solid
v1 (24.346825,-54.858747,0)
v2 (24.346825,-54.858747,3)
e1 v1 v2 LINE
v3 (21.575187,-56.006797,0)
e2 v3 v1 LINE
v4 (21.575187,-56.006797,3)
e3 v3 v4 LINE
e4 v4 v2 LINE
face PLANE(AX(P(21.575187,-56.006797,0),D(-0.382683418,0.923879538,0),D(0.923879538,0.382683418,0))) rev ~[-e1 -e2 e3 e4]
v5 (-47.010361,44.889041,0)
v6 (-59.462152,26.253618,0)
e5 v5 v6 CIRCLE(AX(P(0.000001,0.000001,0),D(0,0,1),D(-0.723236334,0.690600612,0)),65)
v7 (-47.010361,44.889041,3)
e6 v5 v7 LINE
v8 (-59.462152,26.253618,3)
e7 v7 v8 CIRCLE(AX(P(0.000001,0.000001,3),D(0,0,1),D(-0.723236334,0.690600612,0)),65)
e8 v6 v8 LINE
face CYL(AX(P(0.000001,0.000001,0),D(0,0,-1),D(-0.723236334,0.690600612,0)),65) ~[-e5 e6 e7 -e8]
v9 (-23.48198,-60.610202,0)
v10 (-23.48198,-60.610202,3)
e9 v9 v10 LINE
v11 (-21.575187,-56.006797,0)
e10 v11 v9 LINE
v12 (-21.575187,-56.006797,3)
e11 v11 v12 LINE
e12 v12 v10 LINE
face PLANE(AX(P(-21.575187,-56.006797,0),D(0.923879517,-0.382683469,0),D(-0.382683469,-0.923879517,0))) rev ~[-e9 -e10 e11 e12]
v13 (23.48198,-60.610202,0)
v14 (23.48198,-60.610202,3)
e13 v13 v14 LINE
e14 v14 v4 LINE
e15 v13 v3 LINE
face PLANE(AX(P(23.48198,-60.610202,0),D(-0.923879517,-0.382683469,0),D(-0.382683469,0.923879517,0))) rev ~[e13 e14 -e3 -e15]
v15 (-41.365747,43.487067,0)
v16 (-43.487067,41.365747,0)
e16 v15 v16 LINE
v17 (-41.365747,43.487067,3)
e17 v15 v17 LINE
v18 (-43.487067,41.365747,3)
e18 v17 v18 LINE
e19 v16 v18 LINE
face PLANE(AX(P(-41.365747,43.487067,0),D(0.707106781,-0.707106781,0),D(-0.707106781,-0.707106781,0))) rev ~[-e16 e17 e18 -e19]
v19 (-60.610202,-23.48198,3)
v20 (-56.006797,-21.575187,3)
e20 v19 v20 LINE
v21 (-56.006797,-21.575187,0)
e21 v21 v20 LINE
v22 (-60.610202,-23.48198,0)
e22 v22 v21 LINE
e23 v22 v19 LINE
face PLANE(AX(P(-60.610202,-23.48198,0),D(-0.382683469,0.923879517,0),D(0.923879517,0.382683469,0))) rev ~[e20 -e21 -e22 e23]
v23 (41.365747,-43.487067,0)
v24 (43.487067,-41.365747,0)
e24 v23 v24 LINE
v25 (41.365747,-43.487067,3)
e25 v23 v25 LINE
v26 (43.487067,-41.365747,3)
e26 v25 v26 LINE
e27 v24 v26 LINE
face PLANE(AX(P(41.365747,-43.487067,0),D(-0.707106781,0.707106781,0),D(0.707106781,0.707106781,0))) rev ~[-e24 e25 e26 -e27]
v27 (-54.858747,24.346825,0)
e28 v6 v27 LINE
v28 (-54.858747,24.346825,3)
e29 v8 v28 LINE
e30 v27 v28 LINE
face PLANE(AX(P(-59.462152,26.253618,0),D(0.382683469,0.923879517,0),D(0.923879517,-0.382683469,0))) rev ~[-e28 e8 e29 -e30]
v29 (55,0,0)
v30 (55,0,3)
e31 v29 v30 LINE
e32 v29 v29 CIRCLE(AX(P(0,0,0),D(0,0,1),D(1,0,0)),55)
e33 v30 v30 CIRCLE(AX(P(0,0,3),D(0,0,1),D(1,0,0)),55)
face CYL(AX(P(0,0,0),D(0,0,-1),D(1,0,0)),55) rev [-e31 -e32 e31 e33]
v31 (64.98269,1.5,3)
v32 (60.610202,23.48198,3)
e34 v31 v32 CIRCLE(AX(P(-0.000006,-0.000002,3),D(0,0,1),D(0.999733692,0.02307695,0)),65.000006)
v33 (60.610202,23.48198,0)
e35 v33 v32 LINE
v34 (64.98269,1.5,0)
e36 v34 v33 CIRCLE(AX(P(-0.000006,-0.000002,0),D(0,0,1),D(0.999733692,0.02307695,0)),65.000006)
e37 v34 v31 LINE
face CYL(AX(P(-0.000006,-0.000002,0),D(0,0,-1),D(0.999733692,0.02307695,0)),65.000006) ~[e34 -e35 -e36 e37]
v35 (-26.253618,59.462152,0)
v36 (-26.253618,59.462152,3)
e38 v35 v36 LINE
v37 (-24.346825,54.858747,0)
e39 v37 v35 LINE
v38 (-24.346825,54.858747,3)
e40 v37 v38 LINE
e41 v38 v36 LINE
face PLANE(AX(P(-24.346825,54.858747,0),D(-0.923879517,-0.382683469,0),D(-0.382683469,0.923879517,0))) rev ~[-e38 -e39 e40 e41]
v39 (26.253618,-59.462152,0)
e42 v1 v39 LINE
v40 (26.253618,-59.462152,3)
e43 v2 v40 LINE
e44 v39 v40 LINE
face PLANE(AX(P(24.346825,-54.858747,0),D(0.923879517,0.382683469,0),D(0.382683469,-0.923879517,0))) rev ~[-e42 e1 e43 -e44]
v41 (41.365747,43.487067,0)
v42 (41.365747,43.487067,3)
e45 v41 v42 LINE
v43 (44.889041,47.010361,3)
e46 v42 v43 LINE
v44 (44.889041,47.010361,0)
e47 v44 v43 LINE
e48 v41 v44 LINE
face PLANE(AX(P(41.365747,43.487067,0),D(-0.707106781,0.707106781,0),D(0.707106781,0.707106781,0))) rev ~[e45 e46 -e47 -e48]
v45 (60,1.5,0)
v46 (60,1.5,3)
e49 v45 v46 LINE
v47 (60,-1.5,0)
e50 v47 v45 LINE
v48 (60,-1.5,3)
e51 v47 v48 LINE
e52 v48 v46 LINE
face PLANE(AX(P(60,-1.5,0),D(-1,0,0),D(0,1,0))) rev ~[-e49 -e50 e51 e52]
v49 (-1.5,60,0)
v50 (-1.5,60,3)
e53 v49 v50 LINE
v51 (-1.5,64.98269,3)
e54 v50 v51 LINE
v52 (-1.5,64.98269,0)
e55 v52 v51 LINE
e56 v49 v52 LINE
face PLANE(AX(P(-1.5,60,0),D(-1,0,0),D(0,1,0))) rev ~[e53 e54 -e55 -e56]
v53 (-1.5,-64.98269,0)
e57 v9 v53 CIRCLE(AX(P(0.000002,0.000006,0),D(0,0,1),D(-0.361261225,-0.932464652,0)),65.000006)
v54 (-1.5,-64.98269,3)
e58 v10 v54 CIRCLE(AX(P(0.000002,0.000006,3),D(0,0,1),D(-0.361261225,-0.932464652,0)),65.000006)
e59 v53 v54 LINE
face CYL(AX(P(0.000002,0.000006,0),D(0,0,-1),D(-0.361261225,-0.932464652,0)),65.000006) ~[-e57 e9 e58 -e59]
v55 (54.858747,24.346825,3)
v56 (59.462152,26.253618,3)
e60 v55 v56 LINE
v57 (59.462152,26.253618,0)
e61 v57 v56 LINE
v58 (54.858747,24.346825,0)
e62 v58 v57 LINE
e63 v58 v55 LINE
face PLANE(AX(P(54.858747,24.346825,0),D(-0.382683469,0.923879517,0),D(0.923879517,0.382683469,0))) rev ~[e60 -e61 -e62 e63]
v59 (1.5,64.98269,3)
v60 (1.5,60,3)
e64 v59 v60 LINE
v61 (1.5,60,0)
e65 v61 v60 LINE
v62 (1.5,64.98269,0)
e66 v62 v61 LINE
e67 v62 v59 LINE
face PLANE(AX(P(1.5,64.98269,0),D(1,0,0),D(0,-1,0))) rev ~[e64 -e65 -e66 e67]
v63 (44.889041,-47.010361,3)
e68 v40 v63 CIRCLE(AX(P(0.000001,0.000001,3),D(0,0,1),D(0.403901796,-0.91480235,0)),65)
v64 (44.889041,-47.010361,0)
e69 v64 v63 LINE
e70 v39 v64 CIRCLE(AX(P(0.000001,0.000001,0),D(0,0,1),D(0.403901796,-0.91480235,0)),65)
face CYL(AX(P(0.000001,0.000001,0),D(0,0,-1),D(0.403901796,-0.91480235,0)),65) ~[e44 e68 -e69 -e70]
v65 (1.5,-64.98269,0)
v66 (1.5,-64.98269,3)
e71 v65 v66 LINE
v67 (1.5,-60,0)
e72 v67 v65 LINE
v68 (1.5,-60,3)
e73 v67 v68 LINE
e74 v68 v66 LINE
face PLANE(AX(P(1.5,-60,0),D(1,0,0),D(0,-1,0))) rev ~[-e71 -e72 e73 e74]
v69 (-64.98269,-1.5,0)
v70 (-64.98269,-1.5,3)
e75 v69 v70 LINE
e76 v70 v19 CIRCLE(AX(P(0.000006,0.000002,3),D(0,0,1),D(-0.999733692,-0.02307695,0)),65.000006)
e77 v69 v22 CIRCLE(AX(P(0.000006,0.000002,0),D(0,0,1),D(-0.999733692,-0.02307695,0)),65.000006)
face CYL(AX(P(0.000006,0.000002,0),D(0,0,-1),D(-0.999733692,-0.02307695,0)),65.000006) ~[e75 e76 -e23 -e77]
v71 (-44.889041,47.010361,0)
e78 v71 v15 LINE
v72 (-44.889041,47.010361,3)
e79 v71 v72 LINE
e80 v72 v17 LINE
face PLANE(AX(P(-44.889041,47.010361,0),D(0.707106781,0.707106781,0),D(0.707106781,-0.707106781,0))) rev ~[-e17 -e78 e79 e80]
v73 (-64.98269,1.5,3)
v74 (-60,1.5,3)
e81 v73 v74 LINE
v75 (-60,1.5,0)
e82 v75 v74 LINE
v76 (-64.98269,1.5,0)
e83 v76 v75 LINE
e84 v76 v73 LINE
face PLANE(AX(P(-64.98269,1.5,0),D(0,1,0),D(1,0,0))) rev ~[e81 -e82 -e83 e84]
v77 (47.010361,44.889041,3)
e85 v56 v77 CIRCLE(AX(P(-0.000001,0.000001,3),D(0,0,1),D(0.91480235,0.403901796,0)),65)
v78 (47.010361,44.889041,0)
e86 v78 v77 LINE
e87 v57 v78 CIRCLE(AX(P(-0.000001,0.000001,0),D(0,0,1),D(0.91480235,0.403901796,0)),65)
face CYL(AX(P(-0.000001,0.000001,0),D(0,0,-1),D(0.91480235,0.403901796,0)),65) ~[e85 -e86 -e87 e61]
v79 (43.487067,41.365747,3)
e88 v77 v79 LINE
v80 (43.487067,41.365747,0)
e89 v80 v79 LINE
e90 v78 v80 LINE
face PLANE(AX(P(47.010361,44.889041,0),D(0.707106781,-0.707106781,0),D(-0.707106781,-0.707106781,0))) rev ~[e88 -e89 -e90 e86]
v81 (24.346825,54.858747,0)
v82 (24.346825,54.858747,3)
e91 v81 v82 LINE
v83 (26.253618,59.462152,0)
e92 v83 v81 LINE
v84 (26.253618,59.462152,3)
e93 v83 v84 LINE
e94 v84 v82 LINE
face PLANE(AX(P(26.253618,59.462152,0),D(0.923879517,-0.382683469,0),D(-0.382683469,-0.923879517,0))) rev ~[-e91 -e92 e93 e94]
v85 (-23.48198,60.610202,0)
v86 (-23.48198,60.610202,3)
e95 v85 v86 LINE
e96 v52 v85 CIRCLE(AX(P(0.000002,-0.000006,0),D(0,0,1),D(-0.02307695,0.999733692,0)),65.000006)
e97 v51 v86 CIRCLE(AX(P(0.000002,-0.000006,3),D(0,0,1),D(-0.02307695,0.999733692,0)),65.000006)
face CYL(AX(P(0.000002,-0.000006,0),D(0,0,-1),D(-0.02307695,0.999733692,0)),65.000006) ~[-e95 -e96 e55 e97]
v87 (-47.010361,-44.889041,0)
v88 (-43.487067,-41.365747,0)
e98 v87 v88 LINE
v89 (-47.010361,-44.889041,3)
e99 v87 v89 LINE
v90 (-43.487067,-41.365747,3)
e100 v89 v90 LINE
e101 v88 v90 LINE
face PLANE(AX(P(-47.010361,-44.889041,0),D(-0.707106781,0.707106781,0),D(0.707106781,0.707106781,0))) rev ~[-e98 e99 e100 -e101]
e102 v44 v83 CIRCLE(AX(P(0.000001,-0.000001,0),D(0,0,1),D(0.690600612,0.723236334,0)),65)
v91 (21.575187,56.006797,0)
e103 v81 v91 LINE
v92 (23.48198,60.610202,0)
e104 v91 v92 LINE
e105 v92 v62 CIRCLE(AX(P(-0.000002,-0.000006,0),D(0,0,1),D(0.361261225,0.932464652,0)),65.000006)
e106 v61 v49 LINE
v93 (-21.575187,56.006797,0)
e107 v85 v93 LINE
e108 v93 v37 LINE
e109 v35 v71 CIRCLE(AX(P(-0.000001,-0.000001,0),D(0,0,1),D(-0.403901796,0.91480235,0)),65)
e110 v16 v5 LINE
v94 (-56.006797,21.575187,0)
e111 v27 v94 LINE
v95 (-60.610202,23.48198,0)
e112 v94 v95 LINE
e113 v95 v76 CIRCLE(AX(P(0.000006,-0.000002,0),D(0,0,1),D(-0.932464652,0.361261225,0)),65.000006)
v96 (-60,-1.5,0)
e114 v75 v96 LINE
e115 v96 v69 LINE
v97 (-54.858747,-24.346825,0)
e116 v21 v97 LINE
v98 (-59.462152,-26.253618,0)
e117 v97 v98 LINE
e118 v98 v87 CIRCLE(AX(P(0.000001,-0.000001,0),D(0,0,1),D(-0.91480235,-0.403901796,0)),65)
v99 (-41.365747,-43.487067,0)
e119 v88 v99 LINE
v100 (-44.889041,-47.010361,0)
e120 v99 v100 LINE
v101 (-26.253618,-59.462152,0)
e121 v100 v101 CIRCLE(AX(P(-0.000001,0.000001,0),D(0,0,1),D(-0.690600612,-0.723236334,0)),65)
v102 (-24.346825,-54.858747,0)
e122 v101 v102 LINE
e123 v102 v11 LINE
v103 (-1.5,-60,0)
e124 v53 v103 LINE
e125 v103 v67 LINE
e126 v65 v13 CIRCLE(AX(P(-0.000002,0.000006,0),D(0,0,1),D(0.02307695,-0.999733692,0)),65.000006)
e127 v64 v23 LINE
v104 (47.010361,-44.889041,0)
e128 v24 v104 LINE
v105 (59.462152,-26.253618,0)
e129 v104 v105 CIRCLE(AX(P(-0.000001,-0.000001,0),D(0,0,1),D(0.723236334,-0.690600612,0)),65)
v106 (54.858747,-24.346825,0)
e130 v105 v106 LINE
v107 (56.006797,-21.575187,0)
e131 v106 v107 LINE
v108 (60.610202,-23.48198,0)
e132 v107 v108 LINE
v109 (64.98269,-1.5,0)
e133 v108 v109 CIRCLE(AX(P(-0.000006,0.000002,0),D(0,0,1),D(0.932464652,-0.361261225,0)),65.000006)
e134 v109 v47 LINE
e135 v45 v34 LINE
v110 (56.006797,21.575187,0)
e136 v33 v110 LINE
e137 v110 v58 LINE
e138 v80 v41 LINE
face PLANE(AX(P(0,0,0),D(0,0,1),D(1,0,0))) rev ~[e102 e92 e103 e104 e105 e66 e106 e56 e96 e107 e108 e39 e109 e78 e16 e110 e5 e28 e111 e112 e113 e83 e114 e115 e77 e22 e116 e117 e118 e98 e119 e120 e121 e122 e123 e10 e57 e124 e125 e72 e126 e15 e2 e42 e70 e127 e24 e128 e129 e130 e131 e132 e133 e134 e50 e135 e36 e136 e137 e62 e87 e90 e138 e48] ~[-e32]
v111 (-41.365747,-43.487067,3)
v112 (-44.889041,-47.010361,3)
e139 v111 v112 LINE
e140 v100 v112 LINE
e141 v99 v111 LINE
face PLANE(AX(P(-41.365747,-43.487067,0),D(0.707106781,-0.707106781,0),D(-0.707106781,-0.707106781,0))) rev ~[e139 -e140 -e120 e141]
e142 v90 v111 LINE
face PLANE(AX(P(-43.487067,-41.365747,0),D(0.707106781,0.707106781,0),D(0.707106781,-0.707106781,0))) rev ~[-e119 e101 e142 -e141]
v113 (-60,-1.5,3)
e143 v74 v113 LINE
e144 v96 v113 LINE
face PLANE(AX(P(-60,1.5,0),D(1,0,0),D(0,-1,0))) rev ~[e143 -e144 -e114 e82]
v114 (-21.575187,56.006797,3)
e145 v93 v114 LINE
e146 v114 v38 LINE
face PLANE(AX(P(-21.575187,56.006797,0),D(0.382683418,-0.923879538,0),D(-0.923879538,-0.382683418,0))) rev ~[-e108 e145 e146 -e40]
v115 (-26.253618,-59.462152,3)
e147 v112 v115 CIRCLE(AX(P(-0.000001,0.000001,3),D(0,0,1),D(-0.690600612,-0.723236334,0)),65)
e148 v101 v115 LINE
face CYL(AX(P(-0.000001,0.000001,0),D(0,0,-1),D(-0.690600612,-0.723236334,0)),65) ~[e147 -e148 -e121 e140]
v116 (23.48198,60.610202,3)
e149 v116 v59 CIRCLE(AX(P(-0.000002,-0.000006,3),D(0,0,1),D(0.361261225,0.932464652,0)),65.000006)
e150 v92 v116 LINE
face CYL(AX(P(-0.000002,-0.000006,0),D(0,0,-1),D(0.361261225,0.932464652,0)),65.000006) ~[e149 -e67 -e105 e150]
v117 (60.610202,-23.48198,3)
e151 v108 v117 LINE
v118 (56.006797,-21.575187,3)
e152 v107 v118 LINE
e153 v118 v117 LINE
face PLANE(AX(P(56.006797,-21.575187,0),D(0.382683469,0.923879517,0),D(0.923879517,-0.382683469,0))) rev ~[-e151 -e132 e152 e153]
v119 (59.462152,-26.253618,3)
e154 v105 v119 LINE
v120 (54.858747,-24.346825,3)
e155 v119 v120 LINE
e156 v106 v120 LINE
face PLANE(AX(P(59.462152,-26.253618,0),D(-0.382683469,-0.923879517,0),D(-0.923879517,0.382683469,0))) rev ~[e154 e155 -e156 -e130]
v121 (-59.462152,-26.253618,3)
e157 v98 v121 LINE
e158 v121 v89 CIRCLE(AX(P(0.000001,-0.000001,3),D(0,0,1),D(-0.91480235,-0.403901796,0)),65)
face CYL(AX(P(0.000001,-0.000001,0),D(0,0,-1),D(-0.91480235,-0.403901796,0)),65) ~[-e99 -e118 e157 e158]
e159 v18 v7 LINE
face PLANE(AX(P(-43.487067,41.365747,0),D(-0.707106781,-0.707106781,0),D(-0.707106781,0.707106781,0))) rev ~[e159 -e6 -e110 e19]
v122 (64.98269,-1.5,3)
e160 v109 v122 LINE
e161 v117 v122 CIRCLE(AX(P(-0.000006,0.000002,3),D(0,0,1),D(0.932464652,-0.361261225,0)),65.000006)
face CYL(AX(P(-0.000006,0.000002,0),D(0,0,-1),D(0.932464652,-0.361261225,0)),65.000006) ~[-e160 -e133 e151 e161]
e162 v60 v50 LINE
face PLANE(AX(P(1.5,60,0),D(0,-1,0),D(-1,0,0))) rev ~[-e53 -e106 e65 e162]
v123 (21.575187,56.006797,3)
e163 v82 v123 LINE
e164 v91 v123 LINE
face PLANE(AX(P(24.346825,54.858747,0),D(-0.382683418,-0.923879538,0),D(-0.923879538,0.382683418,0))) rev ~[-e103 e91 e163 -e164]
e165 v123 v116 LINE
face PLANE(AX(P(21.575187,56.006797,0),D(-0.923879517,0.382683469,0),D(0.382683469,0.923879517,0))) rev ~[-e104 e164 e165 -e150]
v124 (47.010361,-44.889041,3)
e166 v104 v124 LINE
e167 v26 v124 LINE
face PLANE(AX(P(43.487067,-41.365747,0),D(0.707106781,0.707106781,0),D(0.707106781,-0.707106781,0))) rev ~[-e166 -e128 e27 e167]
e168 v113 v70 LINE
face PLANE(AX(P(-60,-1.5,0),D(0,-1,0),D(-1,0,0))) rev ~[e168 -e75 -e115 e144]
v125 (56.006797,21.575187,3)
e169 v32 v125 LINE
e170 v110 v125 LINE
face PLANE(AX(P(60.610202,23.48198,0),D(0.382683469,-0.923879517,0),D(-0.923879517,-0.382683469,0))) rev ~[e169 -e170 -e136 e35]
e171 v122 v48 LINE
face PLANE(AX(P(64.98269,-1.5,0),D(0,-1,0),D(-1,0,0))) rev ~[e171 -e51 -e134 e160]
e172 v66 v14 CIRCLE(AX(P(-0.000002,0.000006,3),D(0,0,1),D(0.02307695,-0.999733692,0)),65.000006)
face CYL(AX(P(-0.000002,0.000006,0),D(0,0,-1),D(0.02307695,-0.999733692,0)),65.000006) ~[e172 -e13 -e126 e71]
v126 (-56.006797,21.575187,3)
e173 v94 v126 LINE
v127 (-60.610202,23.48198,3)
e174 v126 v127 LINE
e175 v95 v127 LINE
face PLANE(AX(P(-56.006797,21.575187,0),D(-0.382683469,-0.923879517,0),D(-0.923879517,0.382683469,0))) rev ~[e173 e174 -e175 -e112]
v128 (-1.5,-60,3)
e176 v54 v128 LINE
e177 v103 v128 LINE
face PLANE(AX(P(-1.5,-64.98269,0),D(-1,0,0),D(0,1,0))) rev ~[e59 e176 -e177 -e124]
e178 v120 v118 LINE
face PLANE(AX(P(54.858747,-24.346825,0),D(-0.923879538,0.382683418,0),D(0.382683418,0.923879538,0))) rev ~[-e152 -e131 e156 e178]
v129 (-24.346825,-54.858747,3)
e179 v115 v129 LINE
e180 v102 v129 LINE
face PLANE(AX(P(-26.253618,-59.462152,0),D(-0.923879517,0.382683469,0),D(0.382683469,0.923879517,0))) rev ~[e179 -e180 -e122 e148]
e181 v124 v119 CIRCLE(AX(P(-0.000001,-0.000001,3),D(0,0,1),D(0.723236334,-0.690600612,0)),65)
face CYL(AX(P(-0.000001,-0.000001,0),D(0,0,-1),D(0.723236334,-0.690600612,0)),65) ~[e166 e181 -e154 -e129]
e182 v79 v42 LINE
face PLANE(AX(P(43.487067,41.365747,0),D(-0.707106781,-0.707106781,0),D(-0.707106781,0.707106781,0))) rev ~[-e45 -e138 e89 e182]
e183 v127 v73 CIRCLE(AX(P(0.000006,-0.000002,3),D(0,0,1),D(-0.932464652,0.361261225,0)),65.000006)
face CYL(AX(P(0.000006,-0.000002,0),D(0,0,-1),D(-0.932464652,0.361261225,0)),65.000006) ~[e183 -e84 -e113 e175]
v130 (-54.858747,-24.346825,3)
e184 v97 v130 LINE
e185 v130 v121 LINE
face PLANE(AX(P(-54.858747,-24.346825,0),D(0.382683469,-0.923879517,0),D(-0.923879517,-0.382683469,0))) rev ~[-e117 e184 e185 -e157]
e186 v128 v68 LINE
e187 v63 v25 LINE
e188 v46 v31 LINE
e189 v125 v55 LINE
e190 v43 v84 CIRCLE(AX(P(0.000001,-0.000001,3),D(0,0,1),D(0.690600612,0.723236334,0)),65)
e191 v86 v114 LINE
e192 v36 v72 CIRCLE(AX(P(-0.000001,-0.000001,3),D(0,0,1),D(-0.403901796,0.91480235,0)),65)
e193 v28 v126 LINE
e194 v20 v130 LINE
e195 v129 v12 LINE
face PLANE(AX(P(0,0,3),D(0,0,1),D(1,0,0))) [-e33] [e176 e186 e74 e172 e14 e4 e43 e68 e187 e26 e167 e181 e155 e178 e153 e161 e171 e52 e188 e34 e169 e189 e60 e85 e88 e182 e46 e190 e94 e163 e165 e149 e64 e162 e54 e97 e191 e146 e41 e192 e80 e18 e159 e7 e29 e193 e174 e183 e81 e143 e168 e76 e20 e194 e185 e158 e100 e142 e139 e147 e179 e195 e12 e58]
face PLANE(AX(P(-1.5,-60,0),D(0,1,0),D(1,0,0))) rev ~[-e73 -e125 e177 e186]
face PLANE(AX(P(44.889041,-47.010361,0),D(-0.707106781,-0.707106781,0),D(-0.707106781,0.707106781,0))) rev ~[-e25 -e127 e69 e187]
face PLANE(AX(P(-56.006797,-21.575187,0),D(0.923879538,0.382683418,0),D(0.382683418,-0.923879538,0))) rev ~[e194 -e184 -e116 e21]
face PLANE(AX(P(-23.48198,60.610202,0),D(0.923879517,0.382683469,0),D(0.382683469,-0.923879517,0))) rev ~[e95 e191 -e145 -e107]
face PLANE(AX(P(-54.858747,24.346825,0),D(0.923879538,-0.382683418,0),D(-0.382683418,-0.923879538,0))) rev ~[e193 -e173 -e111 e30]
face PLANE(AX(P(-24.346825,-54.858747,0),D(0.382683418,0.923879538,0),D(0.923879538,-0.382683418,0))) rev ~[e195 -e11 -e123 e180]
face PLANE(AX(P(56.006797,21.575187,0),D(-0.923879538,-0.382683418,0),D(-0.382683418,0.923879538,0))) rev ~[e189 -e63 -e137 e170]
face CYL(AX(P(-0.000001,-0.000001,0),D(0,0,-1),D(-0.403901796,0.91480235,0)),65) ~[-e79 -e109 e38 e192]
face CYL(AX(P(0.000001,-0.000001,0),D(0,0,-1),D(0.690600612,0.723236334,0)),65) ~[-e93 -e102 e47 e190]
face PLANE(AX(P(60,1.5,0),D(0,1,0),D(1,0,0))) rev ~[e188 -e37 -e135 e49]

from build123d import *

# Parameters (mm, degrees)
F0_R     = 55
F1_DEPTH = 3


with BuildPart() as f1:
    # F0 (on Top) → F1 (new body)
    with BuildSketch(Plane.XY):
        with BuildLine():
            Line((60, 1.5), (64.98269, 1.5))
            ThreePointArc((64.98269, 1.5), (63.751043, 12.680871), (60.610202, 23.48198))
            Line((60.610202, 23.48198), (56.006797, 21.575187))
            Line((56.006797, 21.575187), (54.858747, 24.346825))
            Line((54.858747, 24.346825), (59.462152, 26.253618))
            ThreePointArc((59.462152, 26.253618), (54.045525, 36.112065), (47.010361, 44.889041))
            Line((47.010361, 44.889041), (43.487067, 41.365747))
            Line((43.487067, 41.365747), (41.365747, 43.487067))
            Line((41.365747, 43.487067), (44.889041, 47.010361))
            ThreePointArc((44.889041, 47.010361), (36.112065, 54.045525), (26.253618, 59.462152))
            Line((26.253618, 59.462152), (24.346825, 54.858747))
            Line((24.346825, 54.858747), (21.575187, 56.006797))
            Line((21.575187, 56.006797), (23.48198, 60.610202))
            ThreePointArc((23.48198, 60.610202), (12.680871, 63.751043), (1.5, 64.98269))
            Line((1.5, 64.98269), (1.5, 60))
            Line((1.5, 60), (-1.5, 60))
            Line((-1.5, 60), (-1.5, 64.98269))
            ThreePointArc((-1.5, 64.98269), (-12.680871, 63.751043), (-23.48198, 60.610202))
            Line((-23.48198, 60.610202), (-21.575187, 56.006797))
            Line((-21.575187, 56.006797), (-24.346825, 54.858747))
            Line((-24.346825, 54.858747), (-26.253618, 59.462152))
            ThreePointArc((-26.253618, 59.462152), (-36.112065, 54.045525), (-44.889041, 47.010361))
            Line((-44.889041, 47.010361), (-41.365747, 43.487067))
            Line((-41.365747, 43.487067), (-43.487067, 41.365747))
            Line((-43.487067, 41.365747), (-47.010361, 44.889041))
            ThreePointArc((-47.010361, 44.889041), (-54.045525, 36.112065), (-59.462152, 26.253618))
            Line((-59.462152, 26.253618), (-54.858747, 24.346825))
            Line((-54.858747, 24.346825), (-56.006797, 21.575187))
            Line((-56.006797, 21.575187), (-60.610202, 23.48198))
            ThreePointArc((-60.610202, 23.48198), (-63.751043, 12.680871), (-64.98269, 1.5))
            Line((-64.98269, 1.5), (-60, 1.5))
            Line((-60, 1.5), (-60, -1.5))
            Line((-60, -1.5), (-64.98269, -1.5))
            ThreePointArc((-64.98269, -1.5), (-63.751043, -12.680871), (-60.610202, -23.48198))
            Line((-60.610202, -23.48198), (-56.006797, -21.575187))
            Line((-56.006797, -21.575187), (-54.858747, -24.346825))
            Line((-54.858747, -24.346825), (-59.462152, -26.253618))
            ThreePointArc((-59.462152, -26.253618), (-54.045525, -36.112065), (-47.010361, -44.889041))
            Line((-47.010361, -44.889041), (-43.487067, -41.365747))
            Line((-43.487067, -41.365747), (-41.365747, -43.487067))
            Line((-41.365747, -43.487067), (-44.889041, -47.010361))
            ThreePointArc((-44.889041, -47.010361), (-36.112065, -54.045525), (-26.253618, -59.462152))
            Line((-26.253618, -59.462152), (-24.346825, -54.858747))
            Line((-24.346825, -54.858747), (-21.575187, -56.006797))
            Line((-21.575187, -56.006797), (-23.48198, -60.610202))
            ThreePointArc((-23.48198, -60.610202), (-12.680871, -63.751043), (-1.5, -64.98269))
            Line((-1.5, -64.98269), (-1.5, -60))
            Line((-1.5, -60), (0, -60))
            Line((0, -60), (1.5, -60))
            Line((1.5, -60), (1.5, -64.98269))
            ThreePointArc((1.5, -64.98269), (12.680871, -63.751043), (23.48198, -60.610202))
            Line((23.48198, -60.610202), (21.575187, -56.006797))
            Line((21.575187, -56.006797), (24.346825, -54.858747))
            Line((24.346825, -54.858747), (26.253618, -59.462152))
            ThreePointArc((26.253618, -59.462152), (36.112065, -54.045525), (44.889041, -47.010361))
            Line((44.889041, -47.010361), (41.365747, -43.487067))
            Line((41.365747, -43.487067), (43.487067, -41.365747))
            Line((43.487067, -41.365747), (47.010361, -44.889041))
            ThreePointArc((47.010361, -44.889041), (54.045525, -36.112065), (59.462152, -26.253618))
            Line((59.462152, -26.253618), (54.858747, -24.346825))
            Line((54.858747, -24.346825), (56.006797, -21.575187))
            Line((56.006797, -21.575187), (60.610202, -23.48198))
            ThreePointArc((60.610202, -23.48198), (63.751043, -12.680871), (64.98269, -1.5))
            Line((64.98269, -1.5), (60, -1.5))
            Line((60, -1.5), (60, 1.5))
        make_face()
        Circle(F0_R, mode=Mode.SUBTRACT)
    extrude(amount=F1_DEPTH)


solid = f1.part
